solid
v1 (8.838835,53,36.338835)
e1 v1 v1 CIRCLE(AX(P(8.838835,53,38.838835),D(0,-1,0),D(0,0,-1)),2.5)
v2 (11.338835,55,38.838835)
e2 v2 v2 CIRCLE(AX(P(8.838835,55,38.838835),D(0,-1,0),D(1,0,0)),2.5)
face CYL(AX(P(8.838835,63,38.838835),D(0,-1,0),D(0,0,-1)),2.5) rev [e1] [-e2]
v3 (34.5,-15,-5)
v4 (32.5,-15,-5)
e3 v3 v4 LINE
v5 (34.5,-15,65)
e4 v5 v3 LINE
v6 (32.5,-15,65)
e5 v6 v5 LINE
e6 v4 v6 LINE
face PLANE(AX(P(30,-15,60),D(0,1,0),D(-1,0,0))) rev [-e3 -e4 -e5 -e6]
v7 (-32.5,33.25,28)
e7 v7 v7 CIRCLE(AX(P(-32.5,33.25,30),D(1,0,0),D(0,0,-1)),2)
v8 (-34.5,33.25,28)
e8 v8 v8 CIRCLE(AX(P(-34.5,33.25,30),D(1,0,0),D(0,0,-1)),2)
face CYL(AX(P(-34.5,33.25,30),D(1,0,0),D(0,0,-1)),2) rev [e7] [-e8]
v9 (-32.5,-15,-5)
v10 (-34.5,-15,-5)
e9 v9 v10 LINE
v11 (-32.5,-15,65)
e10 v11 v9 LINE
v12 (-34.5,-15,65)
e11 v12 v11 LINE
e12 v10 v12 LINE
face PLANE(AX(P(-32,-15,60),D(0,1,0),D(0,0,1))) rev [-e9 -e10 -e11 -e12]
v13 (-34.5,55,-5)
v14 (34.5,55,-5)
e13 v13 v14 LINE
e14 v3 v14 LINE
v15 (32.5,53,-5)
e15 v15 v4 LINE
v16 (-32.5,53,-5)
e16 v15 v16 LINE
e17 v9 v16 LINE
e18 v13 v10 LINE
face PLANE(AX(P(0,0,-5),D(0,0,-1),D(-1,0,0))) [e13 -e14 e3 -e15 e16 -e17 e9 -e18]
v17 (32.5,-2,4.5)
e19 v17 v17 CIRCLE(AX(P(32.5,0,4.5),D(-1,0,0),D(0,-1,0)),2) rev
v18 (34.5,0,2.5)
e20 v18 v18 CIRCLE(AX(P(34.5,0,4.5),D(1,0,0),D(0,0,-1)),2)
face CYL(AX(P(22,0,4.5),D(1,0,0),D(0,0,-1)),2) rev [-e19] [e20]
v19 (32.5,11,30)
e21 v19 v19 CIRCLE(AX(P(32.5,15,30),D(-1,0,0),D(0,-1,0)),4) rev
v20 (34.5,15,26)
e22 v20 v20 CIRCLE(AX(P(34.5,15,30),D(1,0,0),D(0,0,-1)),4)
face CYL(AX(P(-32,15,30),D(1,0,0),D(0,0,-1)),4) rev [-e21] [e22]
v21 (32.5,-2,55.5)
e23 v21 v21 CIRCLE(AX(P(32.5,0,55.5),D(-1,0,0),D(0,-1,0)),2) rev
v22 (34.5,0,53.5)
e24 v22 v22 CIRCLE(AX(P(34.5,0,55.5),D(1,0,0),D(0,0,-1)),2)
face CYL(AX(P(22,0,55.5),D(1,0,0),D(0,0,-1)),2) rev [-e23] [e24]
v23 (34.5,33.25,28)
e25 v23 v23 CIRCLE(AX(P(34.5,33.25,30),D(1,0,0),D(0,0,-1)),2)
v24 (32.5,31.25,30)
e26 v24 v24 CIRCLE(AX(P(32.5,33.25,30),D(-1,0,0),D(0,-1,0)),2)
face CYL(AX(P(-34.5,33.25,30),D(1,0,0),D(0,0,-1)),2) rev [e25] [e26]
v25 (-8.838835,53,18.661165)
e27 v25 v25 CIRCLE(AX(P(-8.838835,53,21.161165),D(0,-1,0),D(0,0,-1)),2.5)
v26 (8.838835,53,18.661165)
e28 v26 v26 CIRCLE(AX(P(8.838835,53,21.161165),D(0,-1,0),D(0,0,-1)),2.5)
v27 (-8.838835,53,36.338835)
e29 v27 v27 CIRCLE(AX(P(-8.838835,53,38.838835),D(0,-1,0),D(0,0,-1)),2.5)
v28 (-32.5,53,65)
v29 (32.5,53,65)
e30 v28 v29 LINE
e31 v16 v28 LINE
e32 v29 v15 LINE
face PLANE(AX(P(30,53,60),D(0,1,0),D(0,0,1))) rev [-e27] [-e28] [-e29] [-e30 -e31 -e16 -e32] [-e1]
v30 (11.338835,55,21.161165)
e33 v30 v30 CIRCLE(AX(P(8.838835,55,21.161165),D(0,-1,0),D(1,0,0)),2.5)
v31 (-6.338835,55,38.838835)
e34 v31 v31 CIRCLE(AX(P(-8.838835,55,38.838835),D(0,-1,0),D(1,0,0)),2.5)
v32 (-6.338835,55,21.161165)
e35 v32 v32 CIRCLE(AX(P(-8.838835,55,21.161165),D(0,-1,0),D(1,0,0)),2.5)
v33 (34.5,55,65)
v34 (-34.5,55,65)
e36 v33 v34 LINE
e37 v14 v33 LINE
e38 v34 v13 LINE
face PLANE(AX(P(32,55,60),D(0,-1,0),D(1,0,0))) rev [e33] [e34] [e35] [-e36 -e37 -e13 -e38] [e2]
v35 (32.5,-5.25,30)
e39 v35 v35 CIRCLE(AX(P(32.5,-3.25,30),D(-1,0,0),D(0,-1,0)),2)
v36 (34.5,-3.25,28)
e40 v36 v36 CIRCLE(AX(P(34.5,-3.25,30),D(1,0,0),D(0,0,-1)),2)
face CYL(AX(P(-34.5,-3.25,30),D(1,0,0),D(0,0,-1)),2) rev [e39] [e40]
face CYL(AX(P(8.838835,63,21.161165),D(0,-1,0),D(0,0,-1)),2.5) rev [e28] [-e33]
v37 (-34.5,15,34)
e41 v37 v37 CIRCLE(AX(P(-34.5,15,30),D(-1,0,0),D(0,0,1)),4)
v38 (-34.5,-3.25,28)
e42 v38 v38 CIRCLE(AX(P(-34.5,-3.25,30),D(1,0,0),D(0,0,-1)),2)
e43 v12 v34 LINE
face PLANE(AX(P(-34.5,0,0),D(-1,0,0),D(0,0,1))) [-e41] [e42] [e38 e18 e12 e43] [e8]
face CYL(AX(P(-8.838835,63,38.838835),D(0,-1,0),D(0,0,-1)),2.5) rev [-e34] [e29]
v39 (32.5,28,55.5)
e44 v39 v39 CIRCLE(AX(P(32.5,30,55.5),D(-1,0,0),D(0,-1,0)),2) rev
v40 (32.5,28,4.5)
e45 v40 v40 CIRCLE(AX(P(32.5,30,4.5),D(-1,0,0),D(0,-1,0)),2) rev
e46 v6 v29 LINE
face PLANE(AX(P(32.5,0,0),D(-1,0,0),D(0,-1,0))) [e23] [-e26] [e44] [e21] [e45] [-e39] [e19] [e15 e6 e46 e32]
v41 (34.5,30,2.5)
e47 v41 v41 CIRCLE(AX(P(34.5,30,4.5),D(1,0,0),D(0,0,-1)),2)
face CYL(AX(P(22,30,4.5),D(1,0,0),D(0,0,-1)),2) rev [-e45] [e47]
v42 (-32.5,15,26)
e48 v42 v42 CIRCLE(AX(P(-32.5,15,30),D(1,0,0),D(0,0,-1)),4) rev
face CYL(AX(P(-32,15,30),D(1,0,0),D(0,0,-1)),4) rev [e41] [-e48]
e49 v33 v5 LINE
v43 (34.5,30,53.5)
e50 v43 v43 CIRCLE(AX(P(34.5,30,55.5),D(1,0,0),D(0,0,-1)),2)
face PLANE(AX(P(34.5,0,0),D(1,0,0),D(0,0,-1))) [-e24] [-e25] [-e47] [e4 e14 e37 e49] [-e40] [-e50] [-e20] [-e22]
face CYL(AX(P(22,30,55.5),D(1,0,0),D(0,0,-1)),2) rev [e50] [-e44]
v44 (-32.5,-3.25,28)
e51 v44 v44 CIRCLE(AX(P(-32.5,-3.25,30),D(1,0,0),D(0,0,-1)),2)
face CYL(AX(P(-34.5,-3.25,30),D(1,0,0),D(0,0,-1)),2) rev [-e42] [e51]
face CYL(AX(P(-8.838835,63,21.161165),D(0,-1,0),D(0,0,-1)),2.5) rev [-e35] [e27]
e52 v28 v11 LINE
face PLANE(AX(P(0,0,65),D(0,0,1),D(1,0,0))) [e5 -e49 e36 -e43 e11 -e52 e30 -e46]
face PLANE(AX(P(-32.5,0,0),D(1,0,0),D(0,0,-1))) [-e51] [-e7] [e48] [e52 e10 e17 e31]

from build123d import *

# Parameters (mm, degrees)
RESSALTO_EXTRUS_O1_DEPTH = 60
ESBO_O2_R                = 4
CORTE_EXTRUS_O1_DEPTH    = 65
ESBO_O3_R                = 2.5
CORTE_EXTRUS_O2_DEPTH    = 10
RESSALTO_EXTRUS_O2_DEPTH = 5
RESSALTO_EXTRUS_O3_DEPTH = 5
ESBO_O6_R                = 2
CORTE_EXTRUS_O3_DEPTH    = 10
ESBO_O7_W                = 70
ESBO_O7_H                = 70
ESBO_O7_R                = 2
ESBO_O7_R_2              = 4
RESSALTO_EXTRUS_O4_DEPTH = 2.5
ESBO_O8_W                = 70
ESBO_O8_H                = 70
ESBO_O8_R                = 4
RESSALTO_EXTRUS_O5_DEPTH = 2.5
ESBO_O9_W                = 70
ESBO_O9_H                = 68
CORTE_EXTRUS_O4_DEPTH    = 2.5
ESBO_O10_W               = 70
ESBO_O10_H               = 68
CORTE_EXTRUS_O5_DEPTH    = 2.5
ESBO_O11_R               = 2
CORTE_EXTRUS_O6_DEPTH    = 70


with BuildPart() as part:
    # Esboço1 → Ressalto-extrusão1 (new body)
    with BuildSketch(Plane.XY):
        Polygon((32, -15), (32, 55), (-32, 55), (-32, -15), (-30, -15), (-30, -13), (-30, 53), (30, 53), (30, -13), (30, -15), align=None)
    extrude(amount=RESSALTO_EXTRUS_O1_DEPTH)

    # Esboço2 → Corte-extrusão1 (cut, through all)
    with BuildSketch(Plane(origin=(32, 0, 0), x_dir=(0, 0, -1), z_dir=(1, 0, 0))):
        with Locations((-30, 15)):
            Circle(ESBO_O2_R)
    extrude(amount=-CORTE_EXTRUS_O1_DEPTH, mode=Mode.SUBTRACT)

    # Esboço3 → Corte-extrusão2 (cut)
    with BuildSketch(Plane.XZ.offset(-53)):
        with Locations((-8.838834765, 38.838834765)):
            Circle(ESBO_O3_R)
        with Locations((-8.838834765, 21.161165235)):
            Circle(ESBO_O3_R)
        with Locations((8.838834765, 21.161165235)):
            Circle(ESBO_O3_R)
        with Locations((8.838834765, 38.838834765)):
            Circle(ESBO_O3_R)
    extrude(amount=-CORTE_EXTRUS_O2_DEPTH, mode=Mode.SUBTRACT)

    # Esboço4 → Ressalto-extrusão2 (add)
    with BuildSketch(Plane.XY.offset(60)):
        Polygon((-32, 55), (-32, -15), (-30, -15), (-30, 53), (30, 53), (30, -15), (32, -15), (32, 55), align=None)
    extrude(amount=RESSALTO_EXTRUS_O2_DEPTH)

    # Esboço5 → Ressalto-extrusão3 (add)
    with BuildSketch(Plane(origin=(0, 0, 0), x_dir=(-1, 0, 0), z_dir=(0, 0, -1))):
        Polygon((32, -15), (32, 55), (-32, 55), (-32, -15), (-30, -15), (-30, 53), (30, 53), (30, -15), align=None)
    extrude(amount=RESSALTO_EXTRUS_O3_DEPTH)

    # Esboço6 → Corte-extrusão3 (cut)
    with BuildSketch(Plane(origin=(32, 0, 0), x_dir=(0, 0, -1), z_dir=(1, 0, 0))):
        with Locations((-4.5, 0)):
            Circle(ESBO_O6_R)
        with Locations((-4.5, 30)):
            Circle(ESBO_O6_R)
        with Locations((-55.5, 0)):
            Circle(ESBO_O6_R)
        with Locations((-55.5, 30)):
            Circle(ESBO_O6_R)
    extrude(amount=-CORTE_EXTRUS_O3_DEPTH, mode=Mode.SUBTRACT)

    # Esboço7 → Ressalto-extrusão4 (add)
    with BuildSketch(Plane(origin=(32, 0, 0), x_dir=(0, 0, -1), z_dir=(1, 0, 0))):
        with Locations((-30, 20)):
            Rectangle(ESBO_O7_W, ESBO_O7_H)
        with Locations((-55.5, 0)):
            Circle(ESBO_O7_R, mode=Mode.SUBTRACT)
        with Locations((-55.5, 30)):
            Circle(ESBO_O7_R, mode=Mode.SUBTRACT)
        with Locations((-30, 15)):
            Circle(ESBO_O7_R_2, mode=Mode.SUBTRACT)
        with Locations((-4.5, 0)):
            Circle(ESBO_O7_R, mode=Mode.SUBTRACT)
        with Locations((-4.5, 30)):
            Circle(ESBO_O7_R, mode=Mode.SUBTRACT)
    extrude(amount=RESSALTO_EXTRUS_O4_DEPTH)

    # Esboço8 → Ressalto-extrusão5 (add)
    with BuildSketch(Plane.ZY.offset(32)):
        with Locations((30, 20)):
            Rectangle(ESBO_O8_W, ESBO_O8_H)
        with Locations((30, 15)):
            Circle(ESBO_O8_R, mode=Mode.SUBTRACT)
    extrude(amount=RESSALTO_EXTRUS_O5_DEPTH)

    # Esboço9 → Corte-extrusão4 (cut)
    with BuildSketch(Plane.ZY.offset(-30)):
        with Locations((30, 19)):
            Rectangle(ESBO_O9_W, ESBO_O9_H)
    extrude(amount=-CORTE_EXTRUS_O4_DEPTH, mode=Mode.SUBTRACT)

    # Esboço10 → Corte-extrusão5 (cut)
    with BuildSketch(Plane(origin=(-30, 0, 0), x_dir=(0, 0, -1), z_dir=(1, 0, 0))):
        with Locations((-30, 19)):
            Rectangle(ESBO_O10_W, ESBO_O10_H)
    extrude(amount=-CORTE_EXTRUS_O5_DEPTH, mode=Mode.SUBTRACT)

    # Esboço11 → Corte-extrusão6 (cut, through all)
    with BuildSketch(Plane(origin=(34.5, 0, 0), x_dir=(0, 0, -1), z_dir=(1, 0, 0))):
        with Locations((-30, -3.25)):
            Circle(ESBO_O11_R)
        with Locations((-30, 33.25)):
            Circle(ESBO_O11_R)
    extrude(amount=-CORTE_EXTRUS_O6_DEPTH, mode=Mode.SUBTRACT)


solid = part.part
